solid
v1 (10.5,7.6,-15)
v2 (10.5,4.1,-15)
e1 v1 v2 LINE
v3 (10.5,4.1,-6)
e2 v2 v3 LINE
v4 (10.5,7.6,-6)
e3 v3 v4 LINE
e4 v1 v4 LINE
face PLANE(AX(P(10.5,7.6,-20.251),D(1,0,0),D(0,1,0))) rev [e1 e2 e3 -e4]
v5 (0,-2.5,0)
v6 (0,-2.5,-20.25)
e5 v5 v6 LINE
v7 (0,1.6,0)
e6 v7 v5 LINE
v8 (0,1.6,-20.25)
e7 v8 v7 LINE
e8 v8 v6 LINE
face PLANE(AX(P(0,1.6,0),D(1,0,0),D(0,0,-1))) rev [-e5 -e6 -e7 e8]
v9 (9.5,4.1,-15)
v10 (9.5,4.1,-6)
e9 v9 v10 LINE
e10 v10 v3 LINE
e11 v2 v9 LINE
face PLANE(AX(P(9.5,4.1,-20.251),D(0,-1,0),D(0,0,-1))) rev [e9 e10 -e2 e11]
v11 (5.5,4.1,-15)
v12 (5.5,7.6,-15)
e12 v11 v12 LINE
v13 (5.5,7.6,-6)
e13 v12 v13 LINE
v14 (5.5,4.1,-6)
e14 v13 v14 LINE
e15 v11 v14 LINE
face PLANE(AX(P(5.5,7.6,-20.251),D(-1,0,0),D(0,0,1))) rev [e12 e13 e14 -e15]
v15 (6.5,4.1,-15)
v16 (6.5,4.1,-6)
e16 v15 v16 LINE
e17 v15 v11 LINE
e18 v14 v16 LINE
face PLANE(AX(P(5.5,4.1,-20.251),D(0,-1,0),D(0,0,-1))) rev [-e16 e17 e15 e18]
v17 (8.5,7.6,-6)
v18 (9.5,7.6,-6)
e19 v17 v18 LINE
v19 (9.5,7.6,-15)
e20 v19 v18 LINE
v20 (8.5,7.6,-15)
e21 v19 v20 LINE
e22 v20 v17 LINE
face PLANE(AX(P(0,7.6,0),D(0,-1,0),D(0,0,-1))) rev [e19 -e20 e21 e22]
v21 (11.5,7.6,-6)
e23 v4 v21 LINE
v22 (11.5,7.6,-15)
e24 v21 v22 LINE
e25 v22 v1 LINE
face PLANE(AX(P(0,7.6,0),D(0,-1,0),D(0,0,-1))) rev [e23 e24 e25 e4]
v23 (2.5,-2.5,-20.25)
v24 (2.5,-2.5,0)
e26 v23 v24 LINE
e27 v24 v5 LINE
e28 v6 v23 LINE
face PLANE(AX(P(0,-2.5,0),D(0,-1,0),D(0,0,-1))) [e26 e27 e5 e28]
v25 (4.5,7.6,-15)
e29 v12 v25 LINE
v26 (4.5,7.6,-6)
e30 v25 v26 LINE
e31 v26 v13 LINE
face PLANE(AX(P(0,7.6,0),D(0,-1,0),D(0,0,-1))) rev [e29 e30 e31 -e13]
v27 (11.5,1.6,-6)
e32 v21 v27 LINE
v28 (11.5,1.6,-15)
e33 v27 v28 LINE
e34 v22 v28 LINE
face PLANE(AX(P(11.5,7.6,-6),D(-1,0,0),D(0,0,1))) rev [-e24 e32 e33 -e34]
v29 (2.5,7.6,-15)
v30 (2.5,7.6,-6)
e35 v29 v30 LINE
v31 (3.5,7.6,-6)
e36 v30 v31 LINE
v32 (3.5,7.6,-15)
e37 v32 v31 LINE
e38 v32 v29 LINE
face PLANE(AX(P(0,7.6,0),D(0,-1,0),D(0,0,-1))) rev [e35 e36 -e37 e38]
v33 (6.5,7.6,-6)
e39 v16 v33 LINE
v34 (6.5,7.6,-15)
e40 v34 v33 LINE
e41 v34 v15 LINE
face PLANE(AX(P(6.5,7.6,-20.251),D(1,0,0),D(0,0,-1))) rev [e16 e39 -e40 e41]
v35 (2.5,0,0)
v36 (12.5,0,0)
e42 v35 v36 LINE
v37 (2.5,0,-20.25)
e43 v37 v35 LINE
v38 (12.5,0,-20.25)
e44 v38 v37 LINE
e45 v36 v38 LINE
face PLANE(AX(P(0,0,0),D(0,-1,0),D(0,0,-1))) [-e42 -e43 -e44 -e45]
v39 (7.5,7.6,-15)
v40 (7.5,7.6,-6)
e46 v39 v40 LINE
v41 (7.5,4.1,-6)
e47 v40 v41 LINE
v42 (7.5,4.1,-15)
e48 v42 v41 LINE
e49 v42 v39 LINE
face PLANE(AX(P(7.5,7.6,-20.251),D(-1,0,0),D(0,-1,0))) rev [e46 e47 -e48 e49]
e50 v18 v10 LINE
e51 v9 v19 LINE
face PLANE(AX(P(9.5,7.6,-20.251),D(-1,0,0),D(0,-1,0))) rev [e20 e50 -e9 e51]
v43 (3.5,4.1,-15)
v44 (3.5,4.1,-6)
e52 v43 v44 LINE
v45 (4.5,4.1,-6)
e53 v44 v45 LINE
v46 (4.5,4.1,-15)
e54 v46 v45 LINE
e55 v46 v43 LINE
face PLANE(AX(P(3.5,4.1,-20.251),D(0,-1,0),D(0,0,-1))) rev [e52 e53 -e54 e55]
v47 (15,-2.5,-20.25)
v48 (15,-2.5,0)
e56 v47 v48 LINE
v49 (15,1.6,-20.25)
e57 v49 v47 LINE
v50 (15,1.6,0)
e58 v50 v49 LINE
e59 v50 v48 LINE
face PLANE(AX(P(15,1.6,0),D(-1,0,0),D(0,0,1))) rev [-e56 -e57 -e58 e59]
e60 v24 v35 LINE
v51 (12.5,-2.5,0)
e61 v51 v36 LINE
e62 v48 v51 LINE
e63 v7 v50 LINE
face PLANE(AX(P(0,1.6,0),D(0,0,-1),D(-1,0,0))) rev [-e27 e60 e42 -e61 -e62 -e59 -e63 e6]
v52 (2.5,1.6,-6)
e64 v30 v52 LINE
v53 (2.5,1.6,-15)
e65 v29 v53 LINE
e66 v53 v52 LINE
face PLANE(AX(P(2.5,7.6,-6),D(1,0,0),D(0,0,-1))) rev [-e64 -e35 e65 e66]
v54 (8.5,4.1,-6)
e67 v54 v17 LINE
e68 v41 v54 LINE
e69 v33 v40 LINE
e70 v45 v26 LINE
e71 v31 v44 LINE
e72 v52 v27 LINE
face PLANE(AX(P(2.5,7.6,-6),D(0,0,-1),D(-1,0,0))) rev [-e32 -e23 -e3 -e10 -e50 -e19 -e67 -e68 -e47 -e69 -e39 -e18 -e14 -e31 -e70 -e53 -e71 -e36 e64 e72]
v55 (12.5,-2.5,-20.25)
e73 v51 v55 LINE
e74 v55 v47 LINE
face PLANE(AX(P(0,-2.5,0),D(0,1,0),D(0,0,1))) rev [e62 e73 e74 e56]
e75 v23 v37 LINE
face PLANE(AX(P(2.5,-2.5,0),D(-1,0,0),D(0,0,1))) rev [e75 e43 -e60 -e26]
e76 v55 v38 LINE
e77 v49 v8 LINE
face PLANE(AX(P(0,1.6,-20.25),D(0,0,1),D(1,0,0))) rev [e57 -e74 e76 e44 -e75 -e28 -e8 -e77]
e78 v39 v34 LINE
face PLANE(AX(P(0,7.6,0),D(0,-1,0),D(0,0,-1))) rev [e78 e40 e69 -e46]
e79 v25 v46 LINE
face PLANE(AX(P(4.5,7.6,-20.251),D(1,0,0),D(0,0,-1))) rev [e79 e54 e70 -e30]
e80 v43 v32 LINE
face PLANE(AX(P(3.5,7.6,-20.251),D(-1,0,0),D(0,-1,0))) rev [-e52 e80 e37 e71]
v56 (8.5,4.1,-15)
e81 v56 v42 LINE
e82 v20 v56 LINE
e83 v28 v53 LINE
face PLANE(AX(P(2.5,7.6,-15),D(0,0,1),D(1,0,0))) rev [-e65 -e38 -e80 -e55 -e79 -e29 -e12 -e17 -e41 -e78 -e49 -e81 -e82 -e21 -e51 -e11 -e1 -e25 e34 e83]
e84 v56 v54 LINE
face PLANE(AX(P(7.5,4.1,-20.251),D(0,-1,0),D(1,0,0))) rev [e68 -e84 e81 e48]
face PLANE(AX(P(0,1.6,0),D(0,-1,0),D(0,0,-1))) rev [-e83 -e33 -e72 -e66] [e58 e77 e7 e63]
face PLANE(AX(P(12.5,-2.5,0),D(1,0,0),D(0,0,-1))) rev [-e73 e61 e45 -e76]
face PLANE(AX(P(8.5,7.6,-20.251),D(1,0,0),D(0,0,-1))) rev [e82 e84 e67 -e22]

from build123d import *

# Parameters (mm, degrees)
SKETCH1_W           = 15
SKETCH1_H           = 20.25
BOSS_EXTRUDE1_DEPTH = 1.6
SKETCH2_W           = 2.5
SKETCH2_H           = 20.25
BOSS_EXTRUDE2_DEPTH = 2.5
SKETCH3_W           = 9
SKETCH3_H           = 9
BOSS_EXTRUDE3_DEPTH = 6
CUT_EXTRUDE1_REACH  = 16.25
SKETCH4_W           = 1
SKETCH4_H           = 3.5


with BuildPart() as part:
    # Sketch1 → Boss-Extrude1 (new body)
    with BuildSketch(Plane(origin=(0, 0, 0), x_dir=(1, 0, 0), z_dir=(0, 1, 0))):
        with Locations((7.5, 10.125)):
            Rectangle(SKETCH1_W, SKETCH1_H)
    extrude(amount=BOSS_EXTRUDE1_DEPTH)

    # Sketch2 → Boss-Extrude2 (add)
    with BuildSketch(Plane.XZ):
        with Locations((1.25, -10.125)):
            Rectangle(SKETCH2_W, SKETCH2_H)
        with Locations((13.75, -10.125)):
            Rectangle(SKETCH2_W, SKETCH2_H)
    extrude(amount=BOSS_EXTRUDE2_DEPTH)

    # Sketch3 → Boss-Extrude3 (add)
    with BuildSketch(Plane(origin=(0, 1.6, 0), x_dir=(1, 0, 0), z_dir=(0, 1, 0))):
        with Locations((7, 10.5)):
            Rectangle(SKETCH3_W, SKETCH3_H)
    extrude(amount=BOSS_EXTRUDE3_DEPTH)

    # Sketch4 → Cut-Extrude1 (cut, up to next)
    with BuildSketch(Plane.XY.offset(-6), mode=Mode.PRIVATE) as cut_extrude1_sk1:
        with Locations((4, 5.85)):
            Rectangle(SKETCH4_W, SKETCH4_H)
    cut_extrude1_tool1 = extrude(cut_extrude1_sk1.sketch, amount=-CUT_EXTRUDE1_REACH, mode=Mode.PRIVATE) & part.part
    add(cut_extrude1_tool1.solids().sort_by_distance((4, 5.85, -6))[0], mode=Mode.SUBTRACT)
    # Sketch4 → Cut-Extrude1 (cut, up to next)
    with BuildSketch(Plane.XY.offset(-6), mode=Mode.PRIVATE) as cut_extrude1_sk2:
        with Locations((6, 5.85)):
            Rectangle(SKETCH4_W, SKETCH4_H)
    cut_extrude1_tool2 = extrude(cut_extrude1_sk2.sketch, amount=-CUT_EXTRUDE1_REACH, mode=Mode.PRIVATE) & part.part
    add(cut_extrude1_tool2.solids().sort_by_distance((6, 5.85, -6))[0], mode=Mode.SUBTRACT)
    # Sketch4 → Cut-Extrude1 (cut, up to next)
    with BuildSketch(Plane.XY.offset(-6), mode=Mode.PRIVATE) as cut_extrude1_sk3:
        with Locations((8, 5.85)):
            Rectangle(SKETCH4_W, SKETCH4_H)
    cut_extrude1_tool3 = extrude(cut_extrude1_sk3.sketch, amount=-CUT_EXTRUDE1_REACH, mode=Mode.PRIVATE) & part.part
    add(cut_extrude1_tool3.solids().sort_by_distance((8, 5.85, -6))[0], mode=Mode.SUBTRACT)
    # Sketch4 → Cut-Extrude1 (cut, up to next)
    with BuildSketch(Plane.XY.offset(-6), mode=Mode.PRIVATE) as cut_extrude1_sk4:
        with Locations((10, 5.85)):
            Rectangle(SKETCH4_W, SKETCH4_H)
    cut_extrude1_tool4 = extrude(cut_extrude1_sk4.sketch, amount=-CUT_EXTRUDE1_REACH, mode=Mode.PRIVATE) & part.part
    add(cut_extrude1_tool4.solids().sort_by_distance((10, 5.85, -6))[0], mode=Mode.SUBTRACT)


solid = part.part
